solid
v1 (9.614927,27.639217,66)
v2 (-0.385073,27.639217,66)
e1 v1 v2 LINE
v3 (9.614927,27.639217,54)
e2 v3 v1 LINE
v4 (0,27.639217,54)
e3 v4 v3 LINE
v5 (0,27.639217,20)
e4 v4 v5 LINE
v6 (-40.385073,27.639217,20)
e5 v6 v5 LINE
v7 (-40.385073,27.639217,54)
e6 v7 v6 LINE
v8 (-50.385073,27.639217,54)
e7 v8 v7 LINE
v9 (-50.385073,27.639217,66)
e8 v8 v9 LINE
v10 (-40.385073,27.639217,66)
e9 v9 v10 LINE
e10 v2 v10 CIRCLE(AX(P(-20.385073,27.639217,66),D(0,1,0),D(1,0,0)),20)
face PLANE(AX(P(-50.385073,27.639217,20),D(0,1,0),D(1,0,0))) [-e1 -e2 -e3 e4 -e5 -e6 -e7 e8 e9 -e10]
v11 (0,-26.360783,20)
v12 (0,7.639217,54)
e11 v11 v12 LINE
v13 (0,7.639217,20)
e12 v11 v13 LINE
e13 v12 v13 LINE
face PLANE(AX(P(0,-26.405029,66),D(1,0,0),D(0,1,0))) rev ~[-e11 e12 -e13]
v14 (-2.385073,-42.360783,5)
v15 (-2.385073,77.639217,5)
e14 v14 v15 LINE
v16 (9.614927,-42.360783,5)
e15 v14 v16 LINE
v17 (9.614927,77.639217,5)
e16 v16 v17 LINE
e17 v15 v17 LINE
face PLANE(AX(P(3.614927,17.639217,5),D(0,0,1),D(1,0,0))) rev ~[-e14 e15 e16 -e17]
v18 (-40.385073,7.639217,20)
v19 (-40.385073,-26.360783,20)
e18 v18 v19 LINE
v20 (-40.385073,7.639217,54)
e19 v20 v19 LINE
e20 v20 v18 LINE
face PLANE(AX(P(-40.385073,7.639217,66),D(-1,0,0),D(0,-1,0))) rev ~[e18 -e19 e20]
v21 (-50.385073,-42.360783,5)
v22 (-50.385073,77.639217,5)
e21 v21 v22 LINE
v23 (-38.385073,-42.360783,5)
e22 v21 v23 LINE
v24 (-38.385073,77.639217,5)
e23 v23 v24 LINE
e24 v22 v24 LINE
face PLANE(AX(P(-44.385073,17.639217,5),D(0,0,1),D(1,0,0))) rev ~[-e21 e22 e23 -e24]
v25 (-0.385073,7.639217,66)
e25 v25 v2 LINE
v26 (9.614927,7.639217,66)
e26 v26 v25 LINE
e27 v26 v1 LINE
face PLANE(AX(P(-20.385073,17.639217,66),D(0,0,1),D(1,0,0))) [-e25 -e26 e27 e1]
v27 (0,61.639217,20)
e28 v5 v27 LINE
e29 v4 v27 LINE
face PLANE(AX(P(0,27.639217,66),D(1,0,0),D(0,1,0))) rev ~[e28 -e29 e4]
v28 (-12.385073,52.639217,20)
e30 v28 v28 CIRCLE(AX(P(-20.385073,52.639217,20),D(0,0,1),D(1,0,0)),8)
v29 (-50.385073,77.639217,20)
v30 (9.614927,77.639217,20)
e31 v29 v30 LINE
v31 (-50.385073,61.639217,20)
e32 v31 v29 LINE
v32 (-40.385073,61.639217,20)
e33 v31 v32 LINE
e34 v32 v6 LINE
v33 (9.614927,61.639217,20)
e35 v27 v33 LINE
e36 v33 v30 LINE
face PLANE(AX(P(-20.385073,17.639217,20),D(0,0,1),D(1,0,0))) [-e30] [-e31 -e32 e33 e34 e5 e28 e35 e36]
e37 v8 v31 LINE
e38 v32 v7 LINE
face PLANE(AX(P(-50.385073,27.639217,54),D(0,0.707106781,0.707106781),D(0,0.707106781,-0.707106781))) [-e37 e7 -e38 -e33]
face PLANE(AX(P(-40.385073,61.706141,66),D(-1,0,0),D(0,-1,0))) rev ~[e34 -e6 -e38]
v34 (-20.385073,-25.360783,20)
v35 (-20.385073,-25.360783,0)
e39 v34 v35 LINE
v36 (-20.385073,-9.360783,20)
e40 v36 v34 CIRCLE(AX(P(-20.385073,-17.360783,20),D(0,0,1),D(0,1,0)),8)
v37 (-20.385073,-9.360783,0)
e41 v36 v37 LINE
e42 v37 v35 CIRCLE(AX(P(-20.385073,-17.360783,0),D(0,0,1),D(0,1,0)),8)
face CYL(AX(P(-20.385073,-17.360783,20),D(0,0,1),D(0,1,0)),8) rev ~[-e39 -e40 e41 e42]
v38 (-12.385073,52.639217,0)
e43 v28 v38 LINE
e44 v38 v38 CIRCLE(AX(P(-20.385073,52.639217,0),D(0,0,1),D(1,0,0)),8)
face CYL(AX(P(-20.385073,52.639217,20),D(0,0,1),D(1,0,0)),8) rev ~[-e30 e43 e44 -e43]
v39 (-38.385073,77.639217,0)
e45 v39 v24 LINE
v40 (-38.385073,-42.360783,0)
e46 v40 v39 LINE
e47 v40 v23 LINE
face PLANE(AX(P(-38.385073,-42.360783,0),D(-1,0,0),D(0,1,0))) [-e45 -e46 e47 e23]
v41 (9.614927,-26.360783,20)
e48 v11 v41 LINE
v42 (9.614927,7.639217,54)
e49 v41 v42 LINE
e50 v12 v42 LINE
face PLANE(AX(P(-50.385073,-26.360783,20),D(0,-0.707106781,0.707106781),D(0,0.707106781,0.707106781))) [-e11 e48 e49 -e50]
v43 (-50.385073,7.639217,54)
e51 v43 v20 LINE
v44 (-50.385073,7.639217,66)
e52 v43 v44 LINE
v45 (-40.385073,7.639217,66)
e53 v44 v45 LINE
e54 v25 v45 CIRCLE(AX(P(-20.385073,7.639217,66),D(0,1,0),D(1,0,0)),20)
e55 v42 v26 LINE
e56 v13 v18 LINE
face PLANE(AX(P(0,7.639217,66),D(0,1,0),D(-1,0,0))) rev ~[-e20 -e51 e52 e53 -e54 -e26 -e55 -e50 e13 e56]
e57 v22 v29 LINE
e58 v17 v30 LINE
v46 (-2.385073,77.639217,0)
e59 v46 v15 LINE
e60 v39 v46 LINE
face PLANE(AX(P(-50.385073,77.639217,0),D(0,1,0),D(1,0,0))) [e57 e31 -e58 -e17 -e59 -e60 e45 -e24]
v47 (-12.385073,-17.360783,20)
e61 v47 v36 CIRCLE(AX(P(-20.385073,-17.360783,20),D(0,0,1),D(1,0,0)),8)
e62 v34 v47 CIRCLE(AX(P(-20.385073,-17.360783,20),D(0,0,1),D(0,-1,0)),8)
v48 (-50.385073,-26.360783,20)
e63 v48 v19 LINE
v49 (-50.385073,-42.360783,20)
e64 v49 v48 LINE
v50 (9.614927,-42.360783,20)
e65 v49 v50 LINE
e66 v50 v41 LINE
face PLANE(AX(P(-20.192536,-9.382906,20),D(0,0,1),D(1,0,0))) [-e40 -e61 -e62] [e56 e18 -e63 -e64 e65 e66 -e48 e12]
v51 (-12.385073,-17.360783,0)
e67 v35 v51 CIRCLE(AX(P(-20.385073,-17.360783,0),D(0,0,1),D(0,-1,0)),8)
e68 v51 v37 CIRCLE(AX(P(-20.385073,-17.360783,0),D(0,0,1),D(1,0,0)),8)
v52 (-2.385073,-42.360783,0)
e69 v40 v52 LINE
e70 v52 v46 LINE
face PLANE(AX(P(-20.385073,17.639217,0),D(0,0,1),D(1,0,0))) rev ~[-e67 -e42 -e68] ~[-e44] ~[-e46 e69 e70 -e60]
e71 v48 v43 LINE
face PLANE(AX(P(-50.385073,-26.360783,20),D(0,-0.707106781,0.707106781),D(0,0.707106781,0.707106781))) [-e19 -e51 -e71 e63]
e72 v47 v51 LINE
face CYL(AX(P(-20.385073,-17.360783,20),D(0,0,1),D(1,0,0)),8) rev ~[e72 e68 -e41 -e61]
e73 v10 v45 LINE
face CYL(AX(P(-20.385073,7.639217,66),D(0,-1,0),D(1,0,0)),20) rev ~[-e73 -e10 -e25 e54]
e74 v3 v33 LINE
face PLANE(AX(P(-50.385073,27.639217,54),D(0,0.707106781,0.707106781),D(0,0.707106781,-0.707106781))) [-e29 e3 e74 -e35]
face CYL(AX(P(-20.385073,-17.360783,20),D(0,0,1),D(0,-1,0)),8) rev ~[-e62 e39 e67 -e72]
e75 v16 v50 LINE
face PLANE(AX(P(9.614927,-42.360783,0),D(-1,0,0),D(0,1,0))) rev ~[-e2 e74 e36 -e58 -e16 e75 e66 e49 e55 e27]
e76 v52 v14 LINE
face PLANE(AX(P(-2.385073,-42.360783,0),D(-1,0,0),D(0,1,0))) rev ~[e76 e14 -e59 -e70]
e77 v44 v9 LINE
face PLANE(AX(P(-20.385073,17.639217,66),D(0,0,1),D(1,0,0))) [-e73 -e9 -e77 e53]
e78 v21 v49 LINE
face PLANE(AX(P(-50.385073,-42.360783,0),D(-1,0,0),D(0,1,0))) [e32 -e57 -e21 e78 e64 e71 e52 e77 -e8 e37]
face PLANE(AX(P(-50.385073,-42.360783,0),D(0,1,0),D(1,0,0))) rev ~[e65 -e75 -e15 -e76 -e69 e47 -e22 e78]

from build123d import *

# Parameters (mm, degrees)
F0_W           = 60
F0_H           = 120
F1_DEPTH       = 20
F3_W           = 12
F3_H           = 120
F4_DEPTH       = 5
F5_R           = 8
F6_DEPTH       = 45.4
F7_W           = 60
F7_H           = 20
F8_DEPTH       = 46
F11_DEPTH      = 60
F13_DEPTH      = 212.7
F13_DEPTH_BACK = 25
F15_DEPTH      = 46


with BuildPart() as f1:
    # F0 (on Top) → F1 (new body)
    with BuildSketch(Plane.XY):
        with Locations((-20.3850728273, 17.6392173767)):
            Rectangle(F0_W, F0_H)
    extrude(amount=F1_DEPTH)

    # F3 (on face) → F4 (cut)
    with BuildSketch(Plane.XY):
        with Locations((-44.3850728273, 17.6392173767)):
            Rectangle(F3_W, F3_H)
        with Locations((3.6149271727, 17.6392173767)):
            Rectangle(F3_W, F3_H)
    extrude(amount=F4_DEPTH, mode=Mode.SUBTRACT)

    # F5 (on face) → F6 (cut)
    with BuildSketch(Plane.XY.offset(20)):
        with BuildLine():
            ThreePointArc((-20.3850728273, -9.3607826233), (-28.3850728273, -17.3607826233), (-20.3850728273, -25.3607826233))
            Line((-20.3850728273, -25.3607826233), (-20.3850728273, -17.3607826233))
            Line((-20.3850728273, -17.3607826233), (-20.3850728273, -9.3607826233))
        make_face()
        with BuildLine():
            Line((-20.3850728273, -17.3607826233), (-20.3850728273, -25.3607826233))
            ThreePointArc((-20.3850728273, -25.3607826233), (-14.7282185778, -23.0176368728), (-12.3850728273, -17.3607826233))
            Line((-12.3850728273, -17.3607826233), (-20.3850728273, -17.3607826233))
        make_face()
        with BuildLine():
            Line((-20.3850728273, -9.3607826233), (-20.3850728273, -17.3607826233))
            Line((-20.3850728273, -17.3607826233), (-12.3850728273, -17.3607826233))
            ThreePointArc((-12.3850728273, -17.3607826233), (-14.7282185778, -11.7039283738), (-20.3850728273, -9.3607826233))
        make_face()
        with Locations((-20.3850728273, 52.6392173767)):
            Circle(F5_R)
    extrude(amount=-F6_DEPTH, mode=Mode.SUBTRACT)

    # F7 (on face) → F8 (join)
    with BuildSketch(Plane.XY.offset(20)):
        with Locations((-20.3850728273, 17.6392173767)):
            Rectangle(F7_W, F7_H)
    extrude(amount=F8_DEPTH)

    # F10 (on face) → F11 (join)
    with BuildSketch(Plane(origin=(-50.3850728273, 0, 0), x_dir=(0, -1, 0), z_dir=(-1, 0, 0))):
        Polygon((-7.6392173767, 20), (26.3607826233, 20), (-7.6392173767, 54), align=None)
        Polygon((-27.6392173767, 54), (-61.6392173767, 20), (-27.6392173767, 20), align=None)
    extrude(amount=-F11_DEPTH)

    # F12 (on face) → F13 (cut, two sides)
    with BuildSketch(Plane.XZ.offset(-7.6392173767)) as f13_sk:
        with BuildLine():
            ThreePointArc((-40.3850728273, 66), (-20.3850728273, 46), (-0.3850728273, 66))
            Line((-0.3850728273, 66), (-40.3850728273, 66))
        make_face()
        with BuildLine():
            Line((-40.3850728273, 66), (-0.3850728273, 66))
            ThreePointArc((-0.3850728273, 66), (-20.3850728273, 86), (-40.3850728273, 66))
        make_face()
    extrude(amount=-F13_DEPTH, mode=Mode.SUBTRACT)
    extrude(f13_sk.sketch, amount=F13_DEPTH_BACK, mode=Mode.SUBTRACT)

    # F14 (on face) → F15 (cut, through all)
    with BuildSketch(Plane.XY.offset(66)):
        Polygon((-40.3850728273, 61.7061406374), (-40.3850728273, 27.6392173767), (-0.3850728273, 27.6392173767), (0, 27.6392173767), (0, 61.7061406374), align=None)
        Polygon((-0.3850728273, 7.6392173767), (-40.3850728273, 7.6392173767), (-40.3850728273, -26.4050289989), (0, -26.4050289989), (0, 7.6392173767), align=None)
    extrude(amount=-F15_DEPTH, mode=Mode.SUBTRACT)


solid = f1.part
